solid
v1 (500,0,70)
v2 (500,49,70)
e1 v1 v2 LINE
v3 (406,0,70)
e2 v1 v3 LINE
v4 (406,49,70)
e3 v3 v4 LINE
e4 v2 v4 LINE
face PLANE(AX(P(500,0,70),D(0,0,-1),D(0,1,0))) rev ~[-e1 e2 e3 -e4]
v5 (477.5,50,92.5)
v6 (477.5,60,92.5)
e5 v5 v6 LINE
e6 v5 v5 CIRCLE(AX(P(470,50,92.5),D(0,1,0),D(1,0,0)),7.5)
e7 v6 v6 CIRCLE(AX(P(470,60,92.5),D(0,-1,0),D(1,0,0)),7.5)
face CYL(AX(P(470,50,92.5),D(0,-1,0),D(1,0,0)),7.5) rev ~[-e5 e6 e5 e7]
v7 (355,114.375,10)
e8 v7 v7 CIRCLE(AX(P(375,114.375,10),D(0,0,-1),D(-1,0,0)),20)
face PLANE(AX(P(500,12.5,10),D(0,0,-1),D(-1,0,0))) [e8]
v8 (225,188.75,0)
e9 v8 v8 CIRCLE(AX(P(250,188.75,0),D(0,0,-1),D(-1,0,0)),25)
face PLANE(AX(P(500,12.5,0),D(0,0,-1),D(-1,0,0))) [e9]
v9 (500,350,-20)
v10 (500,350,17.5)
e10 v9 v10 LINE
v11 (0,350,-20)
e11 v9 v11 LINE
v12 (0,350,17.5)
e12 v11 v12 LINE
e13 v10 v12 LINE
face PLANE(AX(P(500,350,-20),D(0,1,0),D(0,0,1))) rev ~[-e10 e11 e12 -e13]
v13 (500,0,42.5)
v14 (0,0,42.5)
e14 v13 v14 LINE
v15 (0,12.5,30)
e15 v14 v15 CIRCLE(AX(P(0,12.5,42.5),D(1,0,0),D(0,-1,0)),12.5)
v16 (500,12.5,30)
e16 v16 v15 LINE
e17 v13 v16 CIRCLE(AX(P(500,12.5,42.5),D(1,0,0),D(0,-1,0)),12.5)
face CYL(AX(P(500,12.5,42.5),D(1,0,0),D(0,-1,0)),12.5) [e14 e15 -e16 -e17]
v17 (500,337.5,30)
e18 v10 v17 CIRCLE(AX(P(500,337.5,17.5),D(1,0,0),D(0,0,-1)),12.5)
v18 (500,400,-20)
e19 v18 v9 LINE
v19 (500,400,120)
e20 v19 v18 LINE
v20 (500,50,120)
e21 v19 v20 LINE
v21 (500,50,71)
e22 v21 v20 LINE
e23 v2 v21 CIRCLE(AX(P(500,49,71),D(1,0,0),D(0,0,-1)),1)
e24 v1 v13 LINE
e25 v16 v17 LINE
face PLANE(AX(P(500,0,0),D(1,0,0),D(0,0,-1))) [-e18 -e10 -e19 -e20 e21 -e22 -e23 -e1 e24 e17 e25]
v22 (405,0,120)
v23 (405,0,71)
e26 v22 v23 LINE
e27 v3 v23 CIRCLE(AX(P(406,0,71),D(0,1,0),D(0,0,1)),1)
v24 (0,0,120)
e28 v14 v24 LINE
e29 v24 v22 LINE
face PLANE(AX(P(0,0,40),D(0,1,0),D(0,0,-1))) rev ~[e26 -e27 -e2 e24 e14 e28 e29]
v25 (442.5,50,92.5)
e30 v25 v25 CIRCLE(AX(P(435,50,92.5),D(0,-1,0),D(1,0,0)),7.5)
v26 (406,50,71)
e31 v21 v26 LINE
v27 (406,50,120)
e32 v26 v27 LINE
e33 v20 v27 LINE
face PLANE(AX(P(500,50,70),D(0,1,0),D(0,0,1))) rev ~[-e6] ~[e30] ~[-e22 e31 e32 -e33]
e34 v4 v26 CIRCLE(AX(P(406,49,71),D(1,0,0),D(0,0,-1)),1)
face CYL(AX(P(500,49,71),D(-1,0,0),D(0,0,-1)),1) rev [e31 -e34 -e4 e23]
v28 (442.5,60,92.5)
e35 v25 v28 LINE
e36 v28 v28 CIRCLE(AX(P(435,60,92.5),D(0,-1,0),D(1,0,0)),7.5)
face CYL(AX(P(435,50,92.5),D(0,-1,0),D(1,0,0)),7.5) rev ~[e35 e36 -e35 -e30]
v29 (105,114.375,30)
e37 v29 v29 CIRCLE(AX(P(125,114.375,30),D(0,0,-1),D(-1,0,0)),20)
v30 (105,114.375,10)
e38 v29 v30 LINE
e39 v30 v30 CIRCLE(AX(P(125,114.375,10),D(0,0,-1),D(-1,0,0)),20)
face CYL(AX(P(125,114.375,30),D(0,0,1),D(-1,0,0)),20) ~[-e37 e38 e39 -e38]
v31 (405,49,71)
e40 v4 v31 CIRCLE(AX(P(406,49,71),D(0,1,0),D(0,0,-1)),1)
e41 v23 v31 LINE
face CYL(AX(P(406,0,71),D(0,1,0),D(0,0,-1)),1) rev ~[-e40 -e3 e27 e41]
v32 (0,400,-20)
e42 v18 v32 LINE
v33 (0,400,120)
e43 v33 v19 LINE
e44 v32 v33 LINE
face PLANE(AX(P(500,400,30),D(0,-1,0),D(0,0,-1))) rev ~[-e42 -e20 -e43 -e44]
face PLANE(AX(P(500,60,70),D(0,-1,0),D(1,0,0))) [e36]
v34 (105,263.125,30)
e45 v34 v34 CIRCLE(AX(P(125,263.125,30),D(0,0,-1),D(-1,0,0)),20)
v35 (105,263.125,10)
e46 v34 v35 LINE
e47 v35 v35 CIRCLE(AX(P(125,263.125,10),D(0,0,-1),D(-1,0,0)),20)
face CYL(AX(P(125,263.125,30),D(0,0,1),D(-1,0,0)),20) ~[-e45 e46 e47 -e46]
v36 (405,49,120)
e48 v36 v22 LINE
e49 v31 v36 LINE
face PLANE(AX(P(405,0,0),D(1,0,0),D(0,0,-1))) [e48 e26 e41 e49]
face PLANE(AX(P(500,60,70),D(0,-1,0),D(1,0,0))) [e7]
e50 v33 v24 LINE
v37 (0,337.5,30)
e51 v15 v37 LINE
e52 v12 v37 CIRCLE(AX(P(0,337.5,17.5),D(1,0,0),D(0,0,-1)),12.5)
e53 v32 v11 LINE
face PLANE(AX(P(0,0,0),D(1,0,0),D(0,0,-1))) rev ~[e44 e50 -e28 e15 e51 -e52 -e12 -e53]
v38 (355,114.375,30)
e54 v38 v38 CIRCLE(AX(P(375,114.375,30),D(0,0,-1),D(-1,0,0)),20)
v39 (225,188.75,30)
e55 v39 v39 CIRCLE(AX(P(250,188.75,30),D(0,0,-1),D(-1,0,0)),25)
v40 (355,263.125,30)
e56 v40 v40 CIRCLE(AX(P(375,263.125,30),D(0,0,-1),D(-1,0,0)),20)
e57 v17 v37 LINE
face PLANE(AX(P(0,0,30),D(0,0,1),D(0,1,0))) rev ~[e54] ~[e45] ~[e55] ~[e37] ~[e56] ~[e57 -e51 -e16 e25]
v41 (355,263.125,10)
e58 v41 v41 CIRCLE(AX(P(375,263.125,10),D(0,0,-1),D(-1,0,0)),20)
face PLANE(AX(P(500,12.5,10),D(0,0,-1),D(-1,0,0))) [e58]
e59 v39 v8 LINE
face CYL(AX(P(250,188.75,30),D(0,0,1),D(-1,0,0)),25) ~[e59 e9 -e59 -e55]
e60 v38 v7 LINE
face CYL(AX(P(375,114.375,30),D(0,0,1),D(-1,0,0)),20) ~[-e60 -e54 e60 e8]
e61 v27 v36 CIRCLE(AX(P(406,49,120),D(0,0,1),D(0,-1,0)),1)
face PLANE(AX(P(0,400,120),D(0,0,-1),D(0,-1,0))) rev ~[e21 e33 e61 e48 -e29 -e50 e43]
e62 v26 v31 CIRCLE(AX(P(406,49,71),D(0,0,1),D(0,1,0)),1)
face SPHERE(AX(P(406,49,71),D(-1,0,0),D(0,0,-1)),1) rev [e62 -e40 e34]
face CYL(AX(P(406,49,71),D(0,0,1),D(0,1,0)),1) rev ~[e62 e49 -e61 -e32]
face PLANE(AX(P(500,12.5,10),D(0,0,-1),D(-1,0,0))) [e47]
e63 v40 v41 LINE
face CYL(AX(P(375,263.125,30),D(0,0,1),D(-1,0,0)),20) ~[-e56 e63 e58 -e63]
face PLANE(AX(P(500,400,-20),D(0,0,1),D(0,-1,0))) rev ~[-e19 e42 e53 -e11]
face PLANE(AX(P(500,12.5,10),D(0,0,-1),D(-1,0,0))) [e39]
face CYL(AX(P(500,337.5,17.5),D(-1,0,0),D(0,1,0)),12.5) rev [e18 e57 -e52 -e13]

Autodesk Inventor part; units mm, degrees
ref_plane "YZ Plane" through (0, 0, 0) normal (1, 0, 0) x (0, 1, 0)
ref_plane "XZ Plane" through (0, 0, 0) normal (0, 1, 0) x (-1, 0, 0)
ref_plane "XY Plane" through (0, 0, 0) normal (0, 0, 1) x (1, 0, 0)
sketch "Sketch1" plane through (0, 0, 0) normal (1, 0, 0) x (0, 1, 0)
  line L0 (400, 120) -> (0, 120)
  line L1 (0, 40) -> (0, 62.8571)
  line L2 (400, 120) -> (0, 120)
  line L3 (0, 120) -> (0, 30)
  line L4 (0, 30) -> (400, 30)
  line L5 (400, 30) -> (400, 120)
  dimension "d54" = 400
  dimension "d55" = 90
extrude "Extrusion1" add sketch "Sketch1" along normal blind 500
sketch "Sketch2" plane through (500, 0, 0) normal (1, 0, 0) x (0, 0, -1)
  line L0 (-30, 400) -> (20, 400)
  line L1 (20, 400) -> (20, 350)
  line L2 (20, 350) -> (-30, 350)
  line L3 (-30, 350) -> (-30, 400)
  arc A0 (-42.5, 0) -> (-30, 12.5) centre (-42.5, 12.5) ccw
  line L4 (-120, 0) -> (-30, 0) projected
  line L5 (-30, 0) -> (-64.3382, 0)
  line L6 (-30, 12.5) -> (-30, 0)
  line L7 (-120, 400) -> (-120, 0) projected
  line L8 (-120, 0) -> (-70, 0)
  line L9 (-70, 0) -> (-70, 50)
  line L10 (-70, 50) -> (-120, 50)
  line L11 (-120, 50) -> (-120, 0)
  point P0 (-70, 0)
  dimension "d11" = 50
  dimension "d12" = 50
  dimension "d33" = 12.5
  dimension "d38" = 50
  dimension "d39" = 50
extrude "Extrusion10" cut sketch "Sketch2" against normal blind 95 contours L4 L7 L10 L9
extrude "Extrusion11" cut sketch "Sketch2" against normal blind 500 contours A0 L6 L4
extrude "Extrusion12" add sketch "Sketch2" against normal blind 500 contours L0 L1 L2 L3
sketch "Sketch5" plane through (500, 50, 70) normal (0, -1, 0) x (1, 0, 0)
  line L0 (0, 0) -> (-95, 0) projected
  line L1 (0, 0) -> (-90, 0)
  line L2 (-90, 0) -> (-90, 45)
  line L3 (-90, 45) -> (0, 45)
  line L4 (0, 45) -> (0, 0)
  line L5 (0, 22.5) -> (-30, 22.5)
  circle A0 centre (-30, 22.5) radius 7.5
  line L6 (-30, 22.5) -> (-65, 22.5)
  circle A1 centre (-65, 22.5) radius 7.5
  point P0 (-500, -70)
  dimension "d46" = 90
  dimension "d47" = 45
  dimension "d48" = 30
  dimension "d49" = 15
  dimension "d50" = 35
  dimension "d51" = 15
extrude "Extrusion13" cut sketch "Sketch5" against normal blind 10 contours A1 | A0 L6 L5 | L5 L6 A0
fillet "Fillet3" radius 12.5 1 edges at (250, 350, 30)
sketch "Sketch6" plane through (500, 12.5, 30) normal (0, 0, -1) x (-1, 0, 0)
  line L0 (500, 325) -> (500, 337.5) projected
  circle A0 centre (250, 176.25) radius 25
  circle A1 centre (125, 250.625) radius 20
  circle A2 centre (375, 250.625) radius 20
  circle A3 centre (375, 101.875) radius 20
  circle A4 centre (125, 101.875) radius 20
  dimension "d57" = 50
  dimension "d58" = 40
  dimension "d59" = 40
  dimension "d60" = 40
  dimension "d61" = 40
extrude "Extrusion14" add sketch "Sketch6" along normal blind 30 contours A0
extrude "Extrusion15" add sketch "Sketch6" along normal blind 20 contours A1 | A2 | A3 | A4
fillet "Fillet4" radius 1 1 edges at (452.5, 50, 70)
fillet "Fillet5" radius 1 3 edges at (405, 49.7071, 70.2929) (405, 24.5, 70) (405, 50, 95.5)
properties part number "Molde" material "Aluminum 6061"
